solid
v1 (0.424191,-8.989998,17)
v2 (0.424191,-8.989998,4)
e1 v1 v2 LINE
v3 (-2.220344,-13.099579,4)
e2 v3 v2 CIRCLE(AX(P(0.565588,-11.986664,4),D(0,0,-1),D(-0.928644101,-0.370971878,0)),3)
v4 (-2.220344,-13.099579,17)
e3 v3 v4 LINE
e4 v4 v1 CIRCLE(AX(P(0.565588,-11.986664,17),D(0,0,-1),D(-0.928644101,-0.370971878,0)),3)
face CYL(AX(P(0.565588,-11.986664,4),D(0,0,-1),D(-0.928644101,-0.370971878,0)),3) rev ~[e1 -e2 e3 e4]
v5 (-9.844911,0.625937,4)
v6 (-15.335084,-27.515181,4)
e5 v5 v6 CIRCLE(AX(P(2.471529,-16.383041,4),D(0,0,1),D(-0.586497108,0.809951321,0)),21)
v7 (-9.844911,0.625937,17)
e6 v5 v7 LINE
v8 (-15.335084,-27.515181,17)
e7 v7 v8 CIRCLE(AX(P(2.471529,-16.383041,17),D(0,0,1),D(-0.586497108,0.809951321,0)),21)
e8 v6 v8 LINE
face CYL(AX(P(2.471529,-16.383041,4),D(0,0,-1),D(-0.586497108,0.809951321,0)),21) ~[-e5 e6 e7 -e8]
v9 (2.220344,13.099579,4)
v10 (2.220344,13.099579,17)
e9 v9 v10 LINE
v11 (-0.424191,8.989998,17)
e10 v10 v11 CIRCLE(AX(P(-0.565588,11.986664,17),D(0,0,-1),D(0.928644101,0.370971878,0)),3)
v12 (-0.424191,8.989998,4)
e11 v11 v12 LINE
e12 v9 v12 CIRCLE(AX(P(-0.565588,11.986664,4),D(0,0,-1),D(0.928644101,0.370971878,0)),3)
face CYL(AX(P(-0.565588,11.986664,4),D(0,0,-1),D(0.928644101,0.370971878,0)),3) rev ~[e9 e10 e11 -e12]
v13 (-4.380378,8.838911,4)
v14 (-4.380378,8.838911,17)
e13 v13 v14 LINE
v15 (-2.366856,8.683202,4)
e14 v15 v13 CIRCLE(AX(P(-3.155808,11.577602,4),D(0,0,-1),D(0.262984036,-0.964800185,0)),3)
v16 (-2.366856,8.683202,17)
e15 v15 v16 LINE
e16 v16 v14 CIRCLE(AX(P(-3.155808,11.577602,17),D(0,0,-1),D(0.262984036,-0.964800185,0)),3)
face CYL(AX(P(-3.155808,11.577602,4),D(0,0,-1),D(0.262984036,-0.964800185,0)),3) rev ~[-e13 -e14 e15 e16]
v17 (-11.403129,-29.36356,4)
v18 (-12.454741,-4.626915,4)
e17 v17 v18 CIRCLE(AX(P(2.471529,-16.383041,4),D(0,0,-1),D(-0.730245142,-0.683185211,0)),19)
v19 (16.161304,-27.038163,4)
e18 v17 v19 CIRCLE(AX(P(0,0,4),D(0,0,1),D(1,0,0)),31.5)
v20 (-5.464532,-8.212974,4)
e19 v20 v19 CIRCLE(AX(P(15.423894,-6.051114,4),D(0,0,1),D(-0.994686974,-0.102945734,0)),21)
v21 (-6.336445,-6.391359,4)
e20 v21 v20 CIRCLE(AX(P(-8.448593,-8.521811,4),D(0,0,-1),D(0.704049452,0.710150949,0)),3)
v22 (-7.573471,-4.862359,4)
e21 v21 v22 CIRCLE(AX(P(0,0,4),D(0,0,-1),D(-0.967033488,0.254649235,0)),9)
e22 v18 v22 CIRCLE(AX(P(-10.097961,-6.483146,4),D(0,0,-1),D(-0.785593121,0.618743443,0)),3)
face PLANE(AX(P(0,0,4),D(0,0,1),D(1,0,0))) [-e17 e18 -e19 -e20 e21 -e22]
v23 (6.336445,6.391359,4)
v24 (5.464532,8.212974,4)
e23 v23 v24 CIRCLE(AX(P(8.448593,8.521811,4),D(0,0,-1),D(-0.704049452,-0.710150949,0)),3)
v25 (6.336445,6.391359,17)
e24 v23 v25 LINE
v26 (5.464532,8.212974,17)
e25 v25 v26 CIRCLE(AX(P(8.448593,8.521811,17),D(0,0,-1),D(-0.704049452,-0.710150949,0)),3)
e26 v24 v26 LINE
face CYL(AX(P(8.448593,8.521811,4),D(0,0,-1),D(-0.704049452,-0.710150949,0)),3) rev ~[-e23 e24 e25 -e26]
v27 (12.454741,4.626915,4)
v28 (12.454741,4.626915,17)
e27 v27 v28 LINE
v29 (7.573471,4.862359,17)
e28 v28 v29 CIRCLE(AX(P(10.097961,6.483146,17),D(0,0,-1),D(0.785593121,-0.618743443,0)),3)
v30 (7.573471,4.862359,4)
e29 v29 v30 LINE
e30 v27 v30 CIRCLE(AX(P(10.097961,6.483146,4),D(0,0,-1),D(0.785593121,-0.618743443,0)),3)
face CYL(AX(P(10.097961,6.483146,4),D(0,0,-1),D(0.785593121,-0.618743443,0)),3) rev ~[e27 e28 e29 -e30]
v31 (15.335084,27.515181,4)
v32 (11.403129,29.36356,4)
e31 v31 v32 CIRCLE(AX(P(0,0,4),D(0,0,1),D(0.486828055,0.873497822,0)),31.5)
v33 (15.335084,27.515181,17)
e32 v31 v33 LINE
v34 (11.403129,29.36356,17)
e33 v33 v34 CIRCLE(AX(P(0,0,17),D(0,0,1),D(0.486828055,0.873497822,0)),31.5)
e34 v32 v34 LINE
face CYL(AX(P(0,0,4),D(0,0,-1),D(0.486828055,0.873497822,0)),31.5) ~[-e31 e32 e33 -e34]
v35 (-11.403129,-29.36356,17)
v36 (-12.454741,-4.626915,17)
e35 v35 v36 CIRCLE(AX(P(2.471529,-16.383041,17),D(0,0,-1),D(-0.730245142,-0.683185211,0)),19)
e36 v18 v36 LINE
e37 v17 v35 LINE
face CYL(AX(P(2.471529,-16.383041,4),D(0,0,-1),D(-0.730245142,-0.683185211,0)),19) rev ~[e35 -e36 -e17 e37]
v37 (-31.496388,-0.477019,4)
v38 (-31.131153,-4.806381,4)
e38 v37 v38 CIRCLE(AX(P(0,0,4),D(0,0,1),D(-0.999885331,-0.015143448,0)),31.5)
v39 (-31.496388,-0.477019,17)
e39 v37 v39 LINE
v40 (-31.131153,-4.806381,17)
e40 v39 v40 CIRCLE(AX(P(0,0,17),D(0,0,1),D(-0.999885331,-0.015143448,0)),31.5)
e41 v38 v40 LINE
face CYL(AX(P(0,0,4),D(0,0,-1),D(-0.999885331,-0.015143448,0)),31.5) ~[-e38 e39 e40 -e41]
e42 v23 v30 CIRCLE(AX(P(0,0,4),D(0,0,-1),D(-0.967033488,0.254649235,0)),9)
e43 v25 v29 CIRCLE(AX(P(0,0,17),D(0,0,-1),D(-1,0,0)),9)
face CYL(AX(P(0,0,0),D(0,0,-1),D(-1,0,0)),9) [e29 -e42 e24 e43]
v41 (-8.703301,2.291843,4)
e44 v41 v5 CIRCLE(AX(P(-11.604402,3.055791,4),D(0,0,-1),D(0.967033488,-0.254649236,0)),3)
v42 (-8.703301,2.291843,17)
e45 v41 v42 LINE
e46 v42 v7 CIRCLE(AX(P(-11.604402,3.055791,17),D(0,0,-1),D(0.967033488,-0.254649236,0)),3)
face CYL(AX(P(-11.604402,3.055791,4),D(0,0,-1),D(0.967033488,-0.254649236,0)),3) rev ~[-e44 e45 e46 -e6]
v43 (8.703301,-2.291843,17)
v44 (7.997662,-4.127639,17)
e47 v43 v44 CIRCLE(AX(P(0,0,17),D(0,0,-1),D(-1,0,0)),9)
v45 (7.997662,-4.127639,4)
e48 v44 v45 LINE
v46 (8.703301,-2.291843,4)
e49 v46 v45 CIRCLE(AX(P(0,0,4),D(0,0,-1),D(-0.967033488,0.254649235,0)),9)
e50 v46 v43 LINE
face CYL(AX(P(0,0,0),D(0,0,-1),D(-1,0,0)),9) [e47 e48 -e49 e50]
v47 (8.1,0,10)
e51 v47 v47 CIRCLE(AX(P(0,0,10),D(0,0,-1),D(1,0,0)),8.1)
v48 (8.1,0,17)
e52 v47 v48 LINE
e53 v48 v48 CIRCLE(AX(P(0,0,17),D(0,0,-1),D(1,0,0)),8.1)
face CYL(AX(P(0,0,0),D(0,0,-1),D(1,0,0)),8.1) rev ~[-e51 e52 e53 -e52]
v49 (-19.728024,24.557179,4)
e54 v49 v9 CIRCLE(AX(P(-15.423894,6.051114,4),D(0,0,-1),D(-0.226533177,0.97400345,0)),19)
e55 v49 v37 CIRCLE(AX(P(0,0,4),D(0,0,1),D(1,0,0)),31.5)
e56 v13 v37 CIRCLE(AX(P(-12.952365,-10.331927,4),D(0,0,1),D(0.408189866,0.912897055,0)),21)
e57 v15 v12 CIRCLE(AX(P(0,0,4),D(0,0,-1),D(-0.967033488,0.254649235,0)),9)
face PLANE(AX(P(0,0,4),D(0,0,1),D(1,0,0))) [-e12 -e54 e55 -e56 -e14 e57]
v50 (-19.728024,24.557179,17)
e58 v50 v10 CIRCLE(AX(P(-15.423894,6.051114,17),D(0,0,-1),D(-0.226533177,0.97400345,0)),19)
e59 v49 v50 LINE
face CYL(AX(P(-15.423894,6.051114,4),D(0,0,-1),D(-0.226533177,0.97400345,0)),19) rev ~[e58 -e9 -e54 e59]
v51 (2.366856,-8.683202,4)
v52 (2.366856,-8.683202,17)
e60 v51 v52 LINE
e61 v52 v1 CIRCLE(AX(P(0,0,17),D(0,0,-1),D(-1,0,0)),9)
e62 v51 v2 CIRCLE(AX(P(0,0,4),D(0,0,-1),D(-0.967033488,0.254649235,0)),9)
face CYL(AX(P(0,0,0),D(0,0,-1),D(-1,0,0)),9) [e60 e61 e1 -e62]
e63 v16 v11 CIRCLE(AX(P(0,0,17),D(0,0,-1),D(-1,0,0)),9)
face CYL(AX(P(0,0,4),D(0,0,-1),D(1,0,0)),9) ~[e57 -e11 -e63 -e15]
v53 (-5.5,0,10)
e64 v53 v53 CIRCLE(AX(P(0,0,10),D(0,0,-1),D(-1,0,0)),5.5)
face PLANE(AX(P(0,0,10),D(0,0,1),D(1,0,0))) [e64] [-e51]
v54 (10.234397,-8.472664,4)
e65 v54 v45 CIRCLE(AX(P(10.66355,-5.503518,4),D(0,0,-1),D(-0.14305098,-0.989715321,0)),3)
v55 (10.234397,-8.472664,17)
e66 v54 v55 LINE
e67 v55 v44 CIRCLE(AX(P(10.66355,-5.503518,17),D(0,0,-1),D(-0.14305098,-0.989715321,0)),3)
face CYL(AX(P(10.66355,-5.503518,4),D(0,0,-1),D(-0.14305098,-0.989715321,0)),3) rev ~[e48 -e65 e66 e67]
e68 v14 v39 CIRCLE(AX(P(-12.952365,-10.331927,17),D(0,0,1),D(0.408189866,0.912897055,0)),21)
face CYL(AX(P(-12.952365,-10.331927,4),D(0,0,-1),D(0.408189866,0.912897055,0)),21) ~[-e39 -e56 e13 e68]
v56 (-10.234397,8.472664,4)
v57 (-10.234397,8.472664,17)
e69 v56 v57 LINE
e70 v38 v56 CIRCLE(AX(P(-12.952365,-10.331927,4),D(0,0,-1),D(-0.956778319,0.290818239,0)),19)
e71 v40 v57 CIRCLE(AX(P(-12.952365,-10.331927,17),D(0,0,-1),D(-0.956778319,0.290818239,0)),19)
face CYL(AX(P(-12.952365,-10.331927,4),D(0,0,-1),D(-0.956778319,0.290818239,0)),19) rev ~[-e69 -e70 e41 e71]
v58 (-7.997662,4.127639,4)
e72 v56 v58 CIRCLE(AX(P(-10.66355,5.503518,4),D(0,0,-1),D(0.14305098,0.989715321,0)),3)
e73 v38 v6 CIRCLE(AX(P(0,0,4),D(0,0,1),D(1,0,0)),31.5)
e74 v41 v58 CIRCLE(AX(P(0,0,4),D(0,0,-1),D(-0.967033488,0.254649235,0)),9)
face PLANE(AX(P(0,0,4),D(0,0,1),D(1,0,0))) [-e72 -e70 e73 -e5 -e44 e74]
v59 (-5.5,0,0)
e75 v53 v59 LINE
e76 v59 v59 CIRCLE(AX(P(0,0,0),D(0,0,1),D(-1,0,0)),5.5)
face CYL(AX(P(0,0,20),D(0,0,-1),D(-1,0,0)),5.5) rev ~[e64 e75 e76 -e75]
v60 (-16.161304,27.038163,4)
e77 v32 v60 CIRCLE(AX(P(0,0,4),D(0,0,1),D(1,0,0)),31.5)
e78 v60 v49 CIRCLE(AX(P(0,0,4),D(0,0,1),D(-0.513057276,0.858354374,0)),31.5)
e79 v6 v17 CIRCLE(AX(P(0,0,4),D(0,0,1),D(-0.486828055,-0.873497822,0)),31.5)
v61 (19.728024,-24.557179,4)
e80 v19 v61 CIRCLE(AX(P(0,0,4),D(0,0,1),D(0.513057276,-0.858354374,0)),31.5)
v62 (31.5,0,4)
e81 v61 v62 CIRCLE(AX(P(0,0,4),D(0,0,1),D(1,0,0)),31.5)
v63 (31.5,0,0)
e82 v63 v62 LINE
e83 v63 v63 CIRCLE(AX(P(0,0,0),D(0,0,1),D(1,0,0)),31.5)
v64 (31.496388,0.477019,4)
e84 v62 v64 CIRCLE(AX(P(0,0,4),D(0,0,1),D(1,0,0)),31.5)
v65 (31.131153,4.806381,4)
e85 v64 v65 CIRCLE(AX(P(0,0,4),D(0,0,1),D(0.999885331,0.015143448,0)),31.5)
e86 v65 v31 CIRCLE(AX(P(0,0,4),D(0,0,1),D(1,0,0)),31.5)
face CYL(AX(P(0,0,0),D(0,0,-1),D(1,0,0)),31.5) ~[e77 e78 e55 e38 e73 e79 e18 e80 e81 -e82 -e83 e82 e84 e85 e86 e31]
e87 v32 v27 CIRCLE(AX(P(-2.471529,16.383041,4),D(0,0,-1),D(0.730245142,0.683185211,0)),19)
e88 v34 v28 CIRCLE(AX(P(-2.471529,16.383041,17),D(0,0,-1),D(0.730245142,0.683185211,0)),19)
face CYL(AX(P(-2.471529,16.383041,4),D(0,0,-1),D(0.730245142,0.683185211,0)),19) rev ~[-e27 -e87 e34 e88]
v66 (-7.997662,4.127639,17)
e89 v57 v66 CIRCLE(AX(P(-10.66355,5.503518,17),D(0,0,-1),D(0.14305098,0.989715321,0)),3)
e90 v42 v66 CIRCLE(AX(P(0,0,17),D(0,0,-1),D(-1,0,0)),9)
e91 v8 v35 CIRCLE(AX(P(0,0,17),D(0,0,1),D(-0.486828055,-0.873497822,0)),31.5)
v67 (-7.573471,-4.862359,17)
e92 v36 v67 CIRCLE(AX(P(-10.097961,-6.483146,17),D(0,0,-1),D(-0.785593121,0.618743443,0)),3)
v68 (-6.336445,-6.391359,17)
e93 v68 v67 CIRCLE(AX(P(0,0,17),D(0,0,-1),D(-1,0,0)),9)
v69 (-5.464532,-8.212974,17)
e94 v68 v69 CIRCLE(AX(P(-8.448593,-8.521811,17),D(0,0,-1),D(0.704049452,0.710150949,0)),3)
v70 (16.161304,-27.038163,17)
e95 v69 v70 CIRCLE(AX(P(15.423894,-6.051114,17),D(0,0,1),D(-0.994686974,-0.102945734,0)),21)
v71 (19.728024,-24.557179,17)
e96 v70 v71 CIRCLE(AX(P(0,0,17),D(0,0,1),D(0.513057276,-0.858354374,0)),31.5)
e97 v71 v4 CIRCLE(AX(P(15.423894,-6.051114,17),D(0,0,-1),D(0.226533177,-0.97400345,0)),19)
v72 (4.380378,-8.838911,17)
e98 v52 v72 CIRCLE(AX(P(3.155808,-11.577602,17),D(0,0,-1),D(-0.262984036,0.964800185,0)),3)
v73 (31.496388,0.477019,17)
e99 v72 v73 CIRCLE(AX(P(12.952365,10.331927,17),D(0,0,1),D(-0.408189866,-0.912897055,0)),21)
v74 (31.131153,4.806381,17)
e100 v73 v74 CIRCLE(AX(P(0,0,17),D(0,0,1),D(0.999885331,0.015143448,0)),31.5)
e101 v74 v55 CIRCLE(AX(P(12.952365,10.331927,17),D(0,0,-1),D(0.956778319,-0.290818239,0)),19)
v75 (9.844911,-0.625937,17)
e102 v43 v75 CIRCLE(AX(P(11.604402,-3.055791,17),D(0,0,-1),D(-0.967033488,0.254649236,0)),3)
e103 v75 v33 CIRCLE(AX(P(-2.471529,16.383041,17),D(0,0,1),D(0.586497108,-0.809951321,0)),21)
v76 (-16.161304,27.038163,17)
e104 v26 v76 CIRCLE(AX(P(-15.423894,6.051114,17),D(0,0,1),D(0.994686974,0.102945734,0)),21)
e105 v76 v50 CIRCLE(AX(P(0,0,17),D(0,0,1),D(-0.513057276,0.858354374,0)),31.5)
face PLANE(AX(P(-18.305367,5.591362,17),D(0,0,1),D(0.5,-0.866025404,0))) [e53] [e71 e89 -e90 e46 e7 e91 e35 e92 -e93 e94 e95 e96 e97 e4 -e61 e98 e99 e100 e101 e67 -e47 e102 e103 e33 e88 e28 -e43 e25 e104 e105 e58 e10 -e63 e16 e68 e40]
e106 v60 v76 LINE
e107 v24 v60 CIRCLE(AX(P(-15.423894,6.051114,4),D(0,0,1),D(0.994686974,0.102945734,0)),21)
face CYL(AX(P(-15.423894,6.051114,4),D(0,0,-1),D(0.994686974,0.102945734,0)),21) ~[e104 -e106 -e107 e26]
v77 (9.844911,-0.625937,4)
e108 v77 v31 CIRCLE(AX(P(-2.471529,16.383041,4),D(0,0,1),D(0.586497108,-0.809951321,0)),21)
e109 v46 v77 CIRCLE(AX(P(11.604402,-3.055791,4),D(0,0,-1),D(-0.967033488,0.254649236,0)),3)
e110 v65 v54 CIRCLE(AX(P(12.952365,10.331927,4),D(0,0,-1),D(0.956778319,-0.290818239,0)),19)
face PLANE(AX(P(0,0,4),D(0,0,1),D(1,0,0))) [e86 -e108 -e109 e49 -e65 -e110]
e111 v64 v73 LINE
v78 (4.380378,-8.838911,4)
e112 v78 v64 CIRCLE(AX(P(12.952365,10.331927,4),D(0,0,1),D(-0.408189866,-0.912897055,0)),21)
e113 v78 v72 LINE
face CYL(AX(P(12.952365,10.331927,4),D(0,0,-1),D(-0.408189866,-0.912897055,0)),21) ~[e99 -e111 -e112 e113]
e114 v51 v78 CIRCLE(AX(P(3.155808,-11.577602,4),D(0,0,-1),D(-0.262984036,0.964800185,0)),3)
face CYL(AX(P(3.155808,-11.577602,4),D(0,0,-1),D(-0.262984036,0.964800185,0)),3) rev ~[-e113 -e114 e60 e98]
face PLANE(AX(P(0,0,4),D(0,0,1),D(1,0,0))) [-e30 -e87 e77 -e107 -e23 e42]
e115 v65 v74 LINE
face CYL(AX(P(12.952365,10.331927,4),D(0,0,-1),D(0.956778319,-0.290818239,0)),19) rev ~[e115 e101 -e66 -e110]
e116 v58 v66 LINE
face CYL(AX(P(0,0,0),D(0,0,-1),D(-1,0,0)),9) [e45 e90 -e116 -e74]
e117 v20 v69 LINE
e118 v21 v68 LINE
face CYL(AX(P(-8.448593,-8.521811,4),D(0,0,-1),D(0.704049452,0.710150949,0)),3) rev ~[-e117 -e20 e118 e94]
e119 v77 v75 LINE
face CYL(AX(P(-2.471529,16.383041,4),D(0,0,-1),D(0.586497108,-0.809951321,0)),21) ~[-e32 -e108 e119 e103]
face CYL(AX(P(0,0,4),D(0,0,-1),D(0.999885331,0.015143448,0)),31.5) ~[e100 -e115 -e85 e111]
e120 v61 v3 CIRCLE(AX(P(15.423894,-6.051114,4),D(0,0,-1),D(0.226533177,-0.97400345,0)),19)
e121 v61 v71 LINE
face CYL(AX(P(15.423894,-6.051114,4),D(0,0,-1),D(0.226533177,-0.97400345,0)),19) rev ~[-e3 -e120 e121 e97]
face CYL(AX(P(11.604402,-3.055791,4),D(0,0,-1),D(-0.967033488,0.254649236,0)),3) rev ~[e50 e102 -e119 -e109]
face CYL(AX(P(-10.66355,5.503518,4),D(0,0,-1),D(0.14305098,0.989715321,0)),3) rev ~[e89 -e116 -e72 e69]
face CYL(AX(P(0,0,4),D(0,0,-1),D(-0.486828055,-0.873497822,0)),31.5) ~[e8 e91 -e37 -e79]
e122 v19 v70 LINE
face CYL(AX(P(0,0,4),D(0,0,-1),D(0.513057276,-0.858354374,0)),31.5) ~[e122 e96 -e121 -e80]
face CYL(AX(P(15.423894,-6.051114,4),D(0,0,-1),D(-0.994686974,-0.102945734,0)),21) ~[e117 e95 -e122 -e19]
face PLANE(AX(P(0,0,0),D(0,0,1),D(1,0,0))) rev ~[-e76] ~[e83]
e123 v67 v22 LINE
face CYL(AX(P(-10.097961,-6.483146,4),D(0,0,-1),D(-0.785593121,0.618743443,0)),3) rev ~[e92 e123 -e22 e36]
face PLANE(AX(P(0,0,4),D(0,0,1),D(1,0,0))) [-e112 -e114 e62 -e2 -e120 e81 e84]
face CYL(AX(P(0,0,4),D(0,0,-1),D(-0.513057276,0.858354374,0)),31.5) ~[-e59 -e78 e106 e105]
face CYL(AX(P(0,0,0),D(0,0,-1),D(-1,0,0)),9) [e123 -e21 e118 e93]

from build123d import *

# Parameters (mm, degrees)
SKETCH1_R                     = 31.5
EXTRUDE1_DEPTH                = 4
SKETCH3_R                     = 9
EXTRUDE2_DEPTH                = 6
M11_0_11_DIAMETER_HOLE1_D     = 11
M11_0_11_DIAMETER_HOLE1_DEPTH = 10
M11_0_11_DIAMETER_HOLE1_TIP   = 3.304733405
EXTRUDE4_DEPTH                = 13
CIRPATTERN2_COUNT             = 6
SKETCH7_R                     = 9
SKETCH7_R_2                   = 8.1
EXTRUDE5_DEPTH                = 17


with BuildPart() as part:
    # Sketch1 → Extrude1 (new body)
    with BuildSketch(Plane.XY):
        Circle(SKETCH1_R)
    extrude(amount=EXTRUDE1_DEPTH)

    # Sketch3 → Extrude2 (add)
    with BuildSketch(Plane.XY.offset(4)):
        Circle(SKETCH3_R)
    extrude(amount=EXTRUDE2_DEPTH)

    # M11.0 _11_ Diameter Hole1
    with Locations(Plane.XY.offset(10)):
        with Locations((0, 0)):
            Hole(M11_0_11_DIAMETER_HOLE1_D / 2, depth=M11_0_11_DIAMETER_HOLE1_DEPTH)
            with Locations((0, 0, -(M11_0_11_DIAMETER_HOLE1_DEPTH + M11_0_11_DIAMETER_HOLE1_TIP / 2))):  # 118° drill point
                Cone(0, M11_0_11_DIAMETER_HOLE1_D / 2, M11_0_11_DIAMETER_HOLE1_TIP, mode=Mode.SUBTRACT)

    # Sketch2_8 → Extrude4 (add)
    with BuildSketch(Plane.XY.offset(4)):
        with BuildLine():
            ThreePointArc((-9.844910533, 0.62593686), (-18.139880625, -12.361871339), (-15.335083755, -27.515181378))
            ThreePointArc((-15.335083755, -27.515181378), (-13.401012303, -28.5072424), (-11.403128973, -29.363559894))
            ThreePointArc((-11.403128973, -29.363559894), (-16.511325203, -17.190045629), (-12.454740571, -4.626915468))
            ThreePointArc((-12.454740571, -4.626915468), (-9.953426801, -3.486629519), (-7.573470906, -4.862359348))
            ThreePointArc((-7.573470906, -4.862359348), (-8.889824652, -1.403929362), (-8.703301392, 2.291843117))
            ThreePointArc((-8.703301392, 2.291843117), (-9.129712004, 1.359939965), (-9.844910533, 0.62593686))
        make_face()
    extrude4 = extrude(amount=EXTRUDE4_DEPTH)

    # CirPattern2: Extrude4 ×6 about axis
    cirpattern2_axis = Axis((0, 0, 0), (0, 0, 1))
    for i in range(1, CIRPATTERN2_COUNT):
        add(extrude4.rotate(cirpattern2_axis, i * 360 / CIRPATTERN2_COUNT))

    # Sketch7 → Extrude5 (add)
    with BuildSketch(Plane(origin=(0, 0, 0), x_dir=(-1, 0, 0), z_dir=(0, 0, -1))):
        Circle(SKETCH7_R)
        with Locations(Location((0, 0, 0), (0, 0, 180))):  # turned: the seam where the file's is
            Circle(SKETCH7_R_2, mode=Mode.SUBTRACT)
    extrude(amount=-EXTRUDE5_DEPTH)


solid = part.part
